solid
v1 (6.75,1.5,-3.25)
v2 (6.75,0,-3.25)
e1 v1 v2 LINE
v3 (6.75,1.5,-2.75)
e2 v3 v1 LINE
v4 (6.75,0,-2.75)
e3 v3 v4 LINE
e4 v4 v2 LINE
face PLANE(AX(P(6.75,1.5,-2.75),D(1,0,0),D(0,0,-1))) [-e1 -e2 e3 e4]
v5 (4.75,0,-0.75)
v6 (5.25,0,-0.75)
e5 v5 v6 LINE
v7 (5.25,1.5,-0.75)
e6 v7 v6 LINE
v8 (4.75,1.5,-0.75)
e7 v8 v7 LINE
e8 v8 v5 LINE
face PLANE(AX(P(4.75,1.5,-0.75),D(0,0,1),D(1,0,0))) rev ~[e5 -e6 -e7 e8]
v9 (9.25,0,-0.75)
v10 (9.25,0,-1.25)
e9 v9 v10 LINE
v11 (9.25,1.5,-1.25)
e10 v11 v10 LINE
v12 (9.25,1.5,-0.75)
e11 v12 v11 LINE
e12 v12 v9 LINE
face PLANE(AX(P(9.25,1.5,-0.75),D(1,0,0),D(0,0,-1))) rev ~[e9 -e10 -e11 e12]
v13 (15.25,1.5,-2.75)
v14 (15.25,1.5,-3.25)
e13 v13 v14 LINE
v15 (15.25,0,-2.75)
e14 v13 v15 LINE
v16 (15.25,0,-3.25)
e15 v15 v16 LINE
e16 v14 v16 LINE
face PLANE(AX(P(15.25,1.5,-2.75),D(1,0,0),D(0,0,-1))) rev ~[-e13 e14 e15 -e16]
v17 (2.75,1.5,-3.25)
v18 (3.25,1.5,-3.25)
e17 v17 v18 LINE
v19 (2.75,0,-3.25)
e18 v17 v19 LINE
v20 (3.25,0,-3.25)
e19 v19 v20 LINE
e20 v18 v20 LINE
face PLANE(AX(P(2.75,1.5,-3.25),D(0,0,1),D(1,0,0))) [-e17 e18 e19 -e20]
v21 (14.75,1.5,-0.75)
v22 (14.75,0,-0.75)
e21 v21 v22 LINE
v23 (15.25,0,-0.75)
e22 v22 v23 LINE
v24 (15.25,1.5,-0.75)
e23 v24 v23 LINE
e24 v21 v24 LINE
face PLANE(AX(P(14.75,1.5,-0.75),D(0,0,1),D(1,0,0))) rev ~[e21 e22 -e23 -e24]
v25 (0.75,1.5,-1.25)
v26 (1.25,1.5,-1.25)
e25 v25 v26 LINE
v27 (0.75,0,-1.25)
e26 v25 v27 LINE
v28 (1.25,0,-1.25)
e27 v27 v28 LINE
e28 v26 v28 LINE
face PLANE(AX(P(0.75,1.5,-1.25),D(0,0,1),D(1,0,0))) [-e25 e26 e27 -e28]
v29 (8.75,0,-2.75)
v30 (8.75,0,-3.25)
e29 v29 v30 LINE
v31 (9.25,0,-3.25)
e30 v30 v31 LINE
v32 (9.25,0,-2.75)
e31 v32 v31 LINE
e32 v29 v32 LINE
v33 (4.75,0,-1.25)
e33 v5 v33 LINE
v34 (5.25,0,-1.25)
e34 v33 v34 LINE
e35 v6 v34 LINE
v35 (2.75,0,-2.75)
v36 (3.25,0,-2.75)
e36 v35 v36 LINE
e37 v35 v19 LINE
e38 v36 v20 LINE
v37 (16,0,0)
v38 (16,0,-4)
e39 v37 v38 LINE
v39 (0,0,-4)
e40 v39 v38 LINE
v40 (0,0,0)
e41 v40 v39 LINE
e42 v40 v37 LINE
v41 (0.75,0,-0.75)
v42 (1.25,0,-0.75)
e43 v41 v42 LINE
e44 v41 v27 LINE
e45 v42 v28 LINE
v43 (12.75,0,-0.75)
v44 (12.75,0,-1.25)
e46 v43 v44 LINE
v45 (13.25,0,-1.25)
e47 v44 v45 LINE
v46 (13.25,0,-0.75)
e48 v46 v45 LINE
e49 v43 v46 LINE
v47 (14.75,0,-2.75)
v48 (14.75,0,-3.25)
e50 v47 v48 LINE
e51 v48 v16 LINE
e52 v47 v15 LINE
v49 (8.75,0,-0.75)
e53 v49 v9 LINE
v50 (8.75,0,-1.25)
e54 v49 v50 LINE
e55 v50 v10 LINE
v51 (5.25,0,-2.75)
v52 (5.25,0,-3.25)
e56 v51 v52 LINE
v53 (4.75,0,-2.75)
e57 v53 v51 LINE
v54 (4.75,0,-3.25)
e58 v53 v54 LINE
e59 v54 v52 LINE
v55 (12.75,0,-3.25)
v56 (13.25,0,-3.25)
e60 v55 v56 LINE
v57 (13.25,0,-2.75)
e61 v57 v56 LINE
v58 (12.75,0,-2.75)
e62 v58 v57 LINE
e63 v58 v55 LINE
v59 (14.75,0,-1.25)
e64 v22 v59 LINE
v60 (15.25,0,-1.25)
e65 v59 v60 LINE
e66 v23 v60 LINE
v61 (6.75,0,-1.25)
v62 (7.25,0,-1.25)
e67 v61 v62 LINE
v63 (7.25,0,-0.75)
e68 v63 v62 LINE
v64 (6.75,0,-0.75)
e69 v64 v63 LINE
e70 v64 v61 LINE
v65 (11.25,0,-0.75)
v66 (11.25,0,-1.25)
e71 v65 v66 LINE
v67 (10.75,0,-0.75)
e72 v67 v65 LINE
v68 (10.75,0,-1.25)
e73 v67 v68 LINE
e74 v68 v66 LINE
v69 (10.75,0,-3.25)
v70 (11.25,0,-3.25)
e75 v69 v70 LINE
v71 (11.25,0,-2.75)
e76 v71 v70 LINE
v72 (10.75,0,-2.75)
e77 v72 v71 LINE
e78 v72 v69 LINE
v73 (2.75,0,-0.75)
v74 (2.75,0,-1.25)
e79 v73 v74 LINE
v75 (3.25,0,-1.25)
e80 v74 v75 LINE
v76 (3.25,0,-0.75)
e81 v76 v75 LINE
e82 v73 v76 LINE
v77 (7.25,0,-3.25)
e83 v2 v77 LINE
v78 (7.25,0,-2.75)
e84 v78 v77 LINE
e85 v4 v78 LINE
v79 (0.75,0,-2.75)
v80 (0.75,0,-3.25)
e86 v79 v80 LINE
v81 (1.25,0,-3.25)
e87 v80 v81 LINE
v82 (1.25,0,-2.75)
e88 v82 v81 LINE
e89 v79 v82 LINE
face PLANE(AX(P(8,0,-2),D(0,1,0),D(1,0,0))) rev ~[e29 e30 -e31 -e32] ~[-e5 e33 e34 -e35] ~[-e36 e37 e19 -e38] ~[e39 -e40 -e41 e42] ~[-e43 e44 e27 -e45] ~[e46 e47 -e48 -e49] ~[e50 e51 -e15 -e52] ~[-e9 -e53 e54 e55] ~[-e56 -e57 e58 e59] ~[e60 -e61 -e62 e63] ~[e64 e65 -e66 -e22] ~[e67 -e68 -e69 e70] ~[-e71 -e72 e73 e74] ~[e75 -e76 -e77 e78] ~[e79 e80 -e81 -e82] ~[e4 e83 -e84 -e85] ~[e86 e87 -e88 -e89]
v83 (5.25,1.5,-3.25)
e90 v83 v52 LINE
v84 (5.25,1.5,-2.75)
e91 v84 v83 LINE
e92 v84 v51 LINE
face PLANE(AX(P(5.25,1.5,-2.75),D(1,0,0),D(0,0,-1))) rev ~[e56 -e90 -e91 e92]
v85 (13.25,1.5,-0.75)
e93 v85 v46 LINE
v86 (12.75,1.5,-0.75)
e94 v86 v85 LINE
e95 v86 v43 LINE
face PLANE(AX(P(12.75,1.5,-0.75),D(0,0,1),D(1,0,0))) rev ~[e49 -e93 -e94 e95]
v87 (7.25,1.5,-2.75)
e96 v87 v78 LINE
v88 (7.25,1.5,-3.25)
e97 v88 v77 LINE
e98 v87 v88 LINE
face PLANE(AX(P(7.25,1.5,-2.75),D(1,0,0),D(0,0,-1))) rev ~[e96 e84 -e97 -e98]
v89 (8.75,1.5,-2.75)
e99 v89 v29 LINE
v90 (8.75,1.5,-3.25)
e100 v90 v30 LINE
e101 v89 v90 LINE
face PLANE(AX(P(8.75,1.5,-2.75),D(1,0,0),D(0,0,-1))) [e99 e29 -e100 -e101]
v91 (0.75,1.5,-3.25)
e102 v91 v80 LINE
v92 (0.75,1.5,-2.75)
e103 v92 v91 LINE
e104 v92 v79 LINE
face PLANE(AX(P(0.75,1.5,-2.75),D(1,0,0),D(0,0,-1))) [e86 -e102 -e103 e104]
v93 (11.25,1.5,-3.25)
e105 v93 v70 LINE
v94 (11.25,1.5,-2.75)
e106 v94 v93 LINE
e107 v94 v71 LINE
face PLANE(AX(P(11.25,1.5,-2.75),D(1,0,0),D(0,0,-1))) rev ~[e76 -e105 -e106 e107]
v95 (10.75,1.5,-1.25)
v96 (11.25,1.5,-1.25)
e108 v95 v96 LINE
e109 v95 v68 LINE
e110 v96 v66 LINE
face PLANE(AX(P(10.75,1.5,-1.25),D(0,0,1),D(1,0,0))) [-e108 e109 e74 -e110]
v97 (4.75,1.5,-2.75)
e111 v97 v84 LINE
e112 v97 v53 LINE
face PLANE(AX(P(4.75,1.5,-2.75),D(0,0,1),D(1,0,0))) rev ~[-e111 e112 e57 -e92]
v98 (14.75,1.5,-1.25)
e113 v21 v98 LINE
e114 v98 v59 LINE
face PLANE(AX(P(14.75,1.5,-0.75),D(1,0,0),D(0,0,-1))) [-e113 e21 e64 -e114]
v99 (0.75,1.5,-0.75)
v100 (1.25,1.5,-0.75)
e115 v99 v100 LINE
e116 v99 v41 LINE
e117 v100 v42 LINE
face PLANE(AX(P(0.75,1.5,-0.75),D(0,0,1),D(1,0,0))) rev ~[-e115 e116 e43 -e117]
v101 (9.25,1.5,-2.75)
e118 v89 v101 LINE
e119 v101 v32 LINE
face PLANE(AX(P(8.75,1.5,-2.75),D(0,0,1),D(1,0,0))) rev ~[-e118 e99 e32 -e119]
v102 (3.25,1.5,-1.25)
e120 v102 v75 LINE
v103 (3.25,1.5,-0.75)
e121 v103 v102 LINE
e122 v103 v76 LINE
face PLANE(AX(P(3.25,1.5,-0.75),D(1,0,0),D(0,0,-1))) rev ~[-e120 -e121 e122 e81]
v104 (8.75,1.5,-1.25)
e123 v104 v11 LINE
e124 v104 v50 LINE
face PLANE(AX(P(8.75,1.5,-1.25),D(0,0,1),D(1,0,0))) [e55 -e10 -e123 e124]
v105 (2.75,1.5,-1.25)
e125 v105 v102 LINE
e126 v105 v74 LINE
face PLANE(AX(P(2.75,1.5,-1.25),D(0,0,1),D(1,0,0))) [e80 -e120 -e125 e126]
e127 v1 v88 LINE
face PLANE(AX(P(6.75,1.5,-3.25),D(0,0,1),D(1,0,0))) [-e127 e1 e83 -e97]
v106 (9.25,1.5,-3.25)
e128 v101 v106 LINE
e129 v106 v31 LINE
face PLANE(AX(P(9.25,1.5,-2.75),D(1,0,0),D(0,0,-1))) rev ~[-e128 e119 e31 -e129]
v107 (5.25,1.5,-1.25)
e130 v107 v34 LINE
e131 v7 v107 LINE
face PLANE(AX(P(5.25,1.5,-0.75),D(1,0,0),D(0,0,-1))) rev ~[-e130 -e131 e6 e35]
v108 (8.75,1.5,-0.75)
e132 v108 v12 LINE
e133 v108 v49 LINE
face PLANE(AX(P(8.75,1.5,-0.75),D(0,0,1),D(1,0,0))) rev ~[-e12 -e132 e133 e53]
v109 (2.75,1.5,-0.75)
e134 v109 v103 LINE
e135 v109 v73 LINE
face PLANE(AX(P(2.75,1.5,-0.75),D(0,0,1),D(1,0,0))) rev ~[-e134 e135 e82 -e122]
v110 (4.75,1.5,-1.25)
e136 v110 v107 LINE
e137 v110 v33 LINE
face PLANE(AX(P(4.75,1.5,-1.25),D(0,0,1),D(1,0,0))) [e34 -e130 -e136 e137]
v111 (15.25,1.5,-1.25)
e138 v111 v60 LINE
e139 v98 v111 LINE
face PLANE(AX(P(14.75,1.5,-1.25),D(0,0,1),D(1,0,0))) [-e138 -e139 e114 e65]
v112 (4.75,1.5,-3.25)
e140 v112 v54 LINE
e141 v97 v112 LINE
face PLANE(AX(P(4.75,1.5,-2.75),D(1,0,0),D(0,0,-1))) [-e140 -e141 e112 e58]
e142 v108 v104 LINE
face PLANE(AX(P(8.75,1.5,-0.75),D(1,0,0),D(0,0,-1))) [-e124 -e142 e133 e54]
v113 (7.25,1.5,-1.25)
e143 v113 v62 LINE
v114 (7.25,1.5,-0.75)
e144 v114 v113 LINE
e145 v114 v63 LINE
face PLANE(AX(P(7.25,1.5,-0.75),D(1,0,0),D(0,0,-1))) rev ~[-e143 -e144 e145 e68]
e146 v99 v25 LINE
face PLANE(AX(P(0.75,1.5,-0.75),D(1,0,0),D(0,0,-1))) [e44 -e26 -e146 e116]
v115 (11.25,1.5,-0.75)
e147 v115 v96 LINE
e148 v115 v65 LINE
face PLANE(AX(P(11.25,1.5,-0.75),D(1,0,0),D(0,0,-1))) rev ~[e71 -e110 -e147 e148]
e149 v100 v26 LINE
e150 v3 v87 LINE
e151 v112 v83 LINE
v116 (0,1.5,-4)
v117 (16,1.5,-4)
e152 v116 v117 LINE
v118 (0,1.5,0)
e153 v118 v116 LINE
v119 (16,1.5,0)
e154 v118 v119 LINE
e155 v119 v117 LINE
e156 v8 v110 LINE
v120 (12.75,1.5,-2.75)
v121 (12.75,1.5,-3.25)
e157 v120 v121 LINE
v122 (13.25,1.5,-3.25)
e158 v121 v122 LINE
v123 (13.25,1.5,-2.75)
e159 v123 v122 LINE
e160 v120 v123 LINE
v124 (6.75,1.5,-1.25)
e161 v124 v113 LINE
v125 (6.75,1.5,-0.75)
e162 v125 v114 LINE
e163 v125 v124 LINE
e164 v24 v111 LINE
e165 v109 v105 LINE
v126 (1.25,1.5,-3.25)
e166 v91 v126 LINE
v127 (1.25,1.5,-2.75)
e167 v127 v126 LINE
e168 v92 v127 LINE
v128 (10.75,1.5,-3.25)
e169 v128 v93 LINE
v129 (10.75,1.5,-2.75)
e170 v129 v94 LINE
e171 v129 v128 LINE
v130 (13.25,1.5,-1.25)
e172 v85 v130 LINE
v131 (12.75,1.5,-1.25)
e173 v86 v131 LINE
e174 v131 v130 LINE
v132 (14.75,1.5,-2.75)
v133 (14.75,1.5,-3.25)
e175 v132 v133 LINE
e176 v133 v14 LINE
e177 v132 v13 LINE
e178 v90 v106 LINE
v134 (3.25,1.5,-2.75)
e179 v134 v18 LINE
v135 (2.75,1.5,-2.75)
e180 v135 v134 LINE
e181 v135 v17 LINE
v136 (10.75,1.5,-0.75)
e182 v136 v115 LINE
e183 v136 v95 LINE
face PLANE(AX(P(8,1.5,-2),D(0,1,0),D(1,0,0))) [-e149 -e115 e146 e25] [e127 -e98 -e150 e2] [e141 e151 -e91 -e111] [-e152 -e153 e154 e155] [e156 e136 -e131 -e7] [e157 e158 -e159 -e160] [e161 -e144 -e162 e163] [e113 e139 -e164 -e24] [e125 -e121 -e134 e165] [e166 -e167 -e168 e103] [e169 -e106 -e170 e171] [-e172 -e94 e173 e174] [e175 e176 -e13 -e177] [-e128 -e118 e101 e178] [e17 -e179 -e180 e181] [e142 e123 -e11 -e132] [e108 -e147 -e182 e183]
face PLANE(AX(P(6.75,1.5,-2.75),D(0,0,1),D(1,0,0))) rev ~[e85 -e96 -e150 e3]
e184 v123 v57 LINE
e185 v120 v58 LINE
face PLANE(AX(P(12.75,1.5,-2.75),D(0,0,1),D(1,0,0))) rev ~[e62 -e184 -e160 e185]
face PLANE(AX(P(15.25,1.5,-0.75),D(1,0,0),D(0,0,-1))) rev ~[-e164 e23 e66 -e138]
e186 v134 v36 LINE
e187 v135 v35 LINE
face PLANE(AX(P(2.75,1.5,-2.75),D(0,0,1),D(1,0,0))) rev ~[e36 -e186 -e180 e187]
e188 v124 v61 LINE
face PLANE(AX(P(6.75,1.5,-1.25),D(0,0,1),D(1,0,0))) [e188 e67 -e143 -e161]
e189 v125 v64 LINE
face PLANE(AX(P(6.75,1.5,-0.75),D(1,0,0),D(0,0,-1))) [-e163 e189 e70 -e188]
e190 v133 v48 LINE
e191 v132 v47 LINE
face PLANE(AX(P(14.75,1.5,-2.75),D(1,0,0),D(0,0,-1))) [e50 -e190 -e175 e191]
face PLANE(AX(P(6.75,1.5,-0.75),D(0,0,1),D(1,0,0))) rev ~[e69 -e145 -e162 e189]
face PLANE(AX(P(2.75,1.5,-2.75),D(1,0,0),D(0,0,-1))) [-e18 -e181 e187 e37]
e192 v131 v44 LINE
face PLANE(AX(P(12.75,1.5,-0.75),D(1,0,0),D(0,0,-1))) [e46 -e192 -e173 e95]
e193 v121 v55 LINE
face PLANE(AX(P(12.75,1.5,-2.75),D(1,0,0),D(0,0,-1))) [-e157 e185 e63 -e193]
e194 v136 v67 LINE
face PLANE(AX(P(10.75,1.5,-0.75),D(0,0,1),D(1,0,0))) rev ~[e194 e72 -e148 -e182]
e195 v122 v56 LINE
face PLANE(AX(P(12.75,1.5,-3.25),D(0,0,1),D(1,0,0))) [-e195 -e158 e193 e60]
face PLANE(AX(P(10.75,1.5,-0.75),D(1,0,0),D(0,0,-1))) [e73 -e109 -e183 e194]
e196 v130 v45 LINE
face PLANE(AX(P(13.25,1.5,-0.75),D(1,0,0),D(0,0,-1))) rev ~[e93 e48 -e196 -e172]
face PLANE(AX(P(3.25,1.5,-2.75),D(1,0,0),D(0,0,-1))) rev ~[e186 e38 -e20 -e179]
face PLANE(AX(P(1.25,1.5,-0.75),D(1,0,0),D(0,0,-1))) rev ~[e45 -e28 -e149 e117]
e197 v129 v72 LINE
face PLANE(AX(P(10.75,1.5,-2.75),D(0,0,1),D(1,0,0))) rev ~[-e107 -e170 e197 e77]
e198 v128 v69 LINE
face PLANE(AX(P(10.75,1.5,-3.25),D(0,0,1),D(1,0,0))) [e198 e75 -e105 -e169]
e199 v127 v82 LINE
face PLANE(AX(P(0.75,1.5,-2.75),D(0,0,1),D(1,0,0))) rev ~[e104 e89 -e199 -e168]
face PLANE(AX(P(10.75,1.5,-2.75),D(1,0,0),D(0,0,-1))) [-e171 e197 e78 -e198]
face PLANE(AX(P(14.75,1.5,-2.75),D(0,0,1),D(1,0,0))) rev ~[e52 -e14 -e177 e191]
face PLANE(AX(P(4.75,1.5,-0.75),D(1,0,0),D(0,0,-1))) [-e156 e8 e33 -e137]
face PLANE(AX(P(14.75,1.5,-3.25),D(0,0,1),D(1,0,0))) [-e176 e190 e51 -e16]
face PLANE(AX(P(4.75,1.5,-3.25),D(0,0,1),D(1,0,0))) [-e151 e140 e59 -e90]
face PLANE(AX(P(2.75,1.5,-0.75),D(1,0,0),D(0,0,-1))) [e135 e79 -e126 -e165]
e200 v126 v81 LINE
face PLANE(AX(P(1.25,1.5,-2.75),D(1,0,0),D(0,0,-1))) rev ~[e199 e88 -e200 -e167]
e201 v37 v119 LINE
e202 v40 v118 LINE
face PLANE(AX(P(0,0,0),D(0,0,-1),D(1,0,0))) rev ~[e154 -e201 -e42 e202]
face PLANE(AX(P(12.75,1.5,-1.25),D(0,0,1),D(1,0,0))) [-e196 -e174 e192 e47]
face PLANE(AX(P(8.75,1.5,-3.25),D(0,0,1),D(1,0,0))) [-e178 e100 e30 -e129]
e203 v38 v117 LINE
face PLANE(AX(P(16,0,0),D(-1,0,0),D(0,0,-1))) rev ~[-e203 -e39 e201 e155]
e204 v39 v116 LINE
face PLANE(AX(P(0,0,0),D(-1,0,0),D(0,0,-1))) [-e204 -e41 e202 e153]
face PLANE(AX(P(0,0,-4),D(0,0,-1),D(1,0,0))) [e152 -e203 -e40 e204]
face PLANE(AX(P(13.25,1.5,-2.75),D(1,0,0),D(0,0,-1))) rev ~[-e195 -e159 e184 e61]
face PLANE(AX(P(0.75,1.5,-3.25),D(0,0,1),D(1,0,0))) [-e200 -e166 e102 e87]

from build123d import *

# Parameters (mm, degrees)
SKETCH1_W           = 16
SKETCH1_H           = 4
BOSS_EXTRUDE1_DEPTH = 1.5
SKETCH2_W           = 0.5
SKETCH2_H           = 0.5
CUT_EXTRUDE1_DEPTH  = 2


with BuildPart() as part:
    # Sketch1 → Boss-Extrude1 (new body)
    with BuildSketch(Plane(origin=(0, 0, 0), x_dir=(1, 0, 0), z_dir=(0, 1, 0))):
        with Locations((8, 2)):
            Rectangle(SKETCH1_W, SKETCH1_H)
    extrude(amount=BOSS_EXTRUDE1_DEPTH)

    # Sketch2 → Cut-Extrude1 (cut)
    with BuildSketch(Plane(origin=(0, 1.5, 0), x_dir=(1, 0, 0), z_dir=(0, 1, 0))):
        with Locations((3, 3)):
            Rectangle(SKETCH2_W, SKETCH2_H)
        with Locations((1, 3)):
            Rectangle(SKETCH2_W, SKETCH2_H)
        with Locations((5, 3)):
            Rectangle(SKETCH2_W, SKETCH2_H)
        with Locations((7, 3)):
            Rectangle(SKETCH2_W, SKETCH2_H)
        with Locations((9, 3)):
            Rectangle(SKETCH2_W, SKETCH2_H)
        with Locations((11, 3)):
            Rectangle(SKETCH2_W, SKETCH2_H)
        with Locations((13, 3)):
            Rectangle(SKETCH2_W, SKETCH2_H)
        with Locations((15, 3)):
            Rectangle(SKETCH2_W, SKETCH2_H)
        with Locations((17, 3)):
            Rectangle(SKETCH2_W, SKETCH2_H)
        with Locations((19, 3)):
            Rectangle(SKETCH2_W, SKETCH2_H)
        with Locations((21, 3)):
            Rectangle(SKETCH2_W, SKETCH2_H)
        with Locations((23, 3)):
            Rectangle(SKETCH2_W, SKETCH2_H)
        with Locations((25, 3)):
            Rectangle(SKETCH2_W, SKETCH2_H)
        with Locations((27, 3)):
            Rectangle(SKETCH2_W, SKETCH2_H)
        with Locations((29, 3)):
            Rectangle(SKETCH2_W, SKETCH2_H)
        with Locations((31, 3)):
            Rectangle(SKETCH2_W, SKETCH2_H)
        with Locations((33, 3)):
            Rectangle(SKETCH2_W, SKETCH2_H)
        with Locations((35, 3)):
            Rectangle(SKETCH2_W, SKETCH2_H)
        with Locations((1, 1)):
            Rectangle(SKETCH2_W, SKETCH2_H)
        with Locations((3, 1)):
            Rectangle(SKETCH2_W, SKETCH2_H)
        with Locations((5, 1)):
            Rectangle(SKETCH2_W, SKETCH2_H)
        with Locations((7, 1)):
            Rectangle(SKETCH2_W, SKETCH2_H)
        with Locations((9, 1)):
            Rectangle(SKETCH2_W, SKETCH2_H)
        with Locations((11, 1)):
            Rectangle(SKETCH2_W, SKETCH2_H)
        with Locations((13, 1)):
            Rectangle(SKETCH2_W, SKETCH2_H)
        with Locations((15, 1)):
            Rectangle(SKETCH2_W, SKETCH2_H)
        with Locations((17, 1)):
            Rectangle(SKETCH2_W, SKETCH2_H)
        with Locations((19, 1)):
            Rectangle(SKETCH2_W, SKETCH2_H)
        with Locations((21, 1)):
            Rectangle(SKETCH2_W, SKETCH2_H)
        with Locations((23, 1)):
            Rectangle(SKETCH2_W, SKETCH2_H)
        with Locations((25, 1)):
            Rectangle(SKETCH2_W, SKETCH2_H)
        with Locations((27, 1)):
            Rectangle(SKETCH2_W, SKETCH2_H)
        with Locations((29, 1)):
            Rectangle(SKETCH2_W, SKETCH2_H)
        with Locations((31, 1)):
            Rectangle(SKETCH2_W, SKETCH2_H)
        with Locations((33, 1)):
            Rectangle(SKETCH2_W, SKETCH2_H)
        with Locations((35, 1)):
            Rectangle(SKETCH2_W, SKETCH2_H)
    extrude(amount=-CUT_EXTRUDE1_DEPTH, mode=Mode.SUBTRACT)


solid = part.part
